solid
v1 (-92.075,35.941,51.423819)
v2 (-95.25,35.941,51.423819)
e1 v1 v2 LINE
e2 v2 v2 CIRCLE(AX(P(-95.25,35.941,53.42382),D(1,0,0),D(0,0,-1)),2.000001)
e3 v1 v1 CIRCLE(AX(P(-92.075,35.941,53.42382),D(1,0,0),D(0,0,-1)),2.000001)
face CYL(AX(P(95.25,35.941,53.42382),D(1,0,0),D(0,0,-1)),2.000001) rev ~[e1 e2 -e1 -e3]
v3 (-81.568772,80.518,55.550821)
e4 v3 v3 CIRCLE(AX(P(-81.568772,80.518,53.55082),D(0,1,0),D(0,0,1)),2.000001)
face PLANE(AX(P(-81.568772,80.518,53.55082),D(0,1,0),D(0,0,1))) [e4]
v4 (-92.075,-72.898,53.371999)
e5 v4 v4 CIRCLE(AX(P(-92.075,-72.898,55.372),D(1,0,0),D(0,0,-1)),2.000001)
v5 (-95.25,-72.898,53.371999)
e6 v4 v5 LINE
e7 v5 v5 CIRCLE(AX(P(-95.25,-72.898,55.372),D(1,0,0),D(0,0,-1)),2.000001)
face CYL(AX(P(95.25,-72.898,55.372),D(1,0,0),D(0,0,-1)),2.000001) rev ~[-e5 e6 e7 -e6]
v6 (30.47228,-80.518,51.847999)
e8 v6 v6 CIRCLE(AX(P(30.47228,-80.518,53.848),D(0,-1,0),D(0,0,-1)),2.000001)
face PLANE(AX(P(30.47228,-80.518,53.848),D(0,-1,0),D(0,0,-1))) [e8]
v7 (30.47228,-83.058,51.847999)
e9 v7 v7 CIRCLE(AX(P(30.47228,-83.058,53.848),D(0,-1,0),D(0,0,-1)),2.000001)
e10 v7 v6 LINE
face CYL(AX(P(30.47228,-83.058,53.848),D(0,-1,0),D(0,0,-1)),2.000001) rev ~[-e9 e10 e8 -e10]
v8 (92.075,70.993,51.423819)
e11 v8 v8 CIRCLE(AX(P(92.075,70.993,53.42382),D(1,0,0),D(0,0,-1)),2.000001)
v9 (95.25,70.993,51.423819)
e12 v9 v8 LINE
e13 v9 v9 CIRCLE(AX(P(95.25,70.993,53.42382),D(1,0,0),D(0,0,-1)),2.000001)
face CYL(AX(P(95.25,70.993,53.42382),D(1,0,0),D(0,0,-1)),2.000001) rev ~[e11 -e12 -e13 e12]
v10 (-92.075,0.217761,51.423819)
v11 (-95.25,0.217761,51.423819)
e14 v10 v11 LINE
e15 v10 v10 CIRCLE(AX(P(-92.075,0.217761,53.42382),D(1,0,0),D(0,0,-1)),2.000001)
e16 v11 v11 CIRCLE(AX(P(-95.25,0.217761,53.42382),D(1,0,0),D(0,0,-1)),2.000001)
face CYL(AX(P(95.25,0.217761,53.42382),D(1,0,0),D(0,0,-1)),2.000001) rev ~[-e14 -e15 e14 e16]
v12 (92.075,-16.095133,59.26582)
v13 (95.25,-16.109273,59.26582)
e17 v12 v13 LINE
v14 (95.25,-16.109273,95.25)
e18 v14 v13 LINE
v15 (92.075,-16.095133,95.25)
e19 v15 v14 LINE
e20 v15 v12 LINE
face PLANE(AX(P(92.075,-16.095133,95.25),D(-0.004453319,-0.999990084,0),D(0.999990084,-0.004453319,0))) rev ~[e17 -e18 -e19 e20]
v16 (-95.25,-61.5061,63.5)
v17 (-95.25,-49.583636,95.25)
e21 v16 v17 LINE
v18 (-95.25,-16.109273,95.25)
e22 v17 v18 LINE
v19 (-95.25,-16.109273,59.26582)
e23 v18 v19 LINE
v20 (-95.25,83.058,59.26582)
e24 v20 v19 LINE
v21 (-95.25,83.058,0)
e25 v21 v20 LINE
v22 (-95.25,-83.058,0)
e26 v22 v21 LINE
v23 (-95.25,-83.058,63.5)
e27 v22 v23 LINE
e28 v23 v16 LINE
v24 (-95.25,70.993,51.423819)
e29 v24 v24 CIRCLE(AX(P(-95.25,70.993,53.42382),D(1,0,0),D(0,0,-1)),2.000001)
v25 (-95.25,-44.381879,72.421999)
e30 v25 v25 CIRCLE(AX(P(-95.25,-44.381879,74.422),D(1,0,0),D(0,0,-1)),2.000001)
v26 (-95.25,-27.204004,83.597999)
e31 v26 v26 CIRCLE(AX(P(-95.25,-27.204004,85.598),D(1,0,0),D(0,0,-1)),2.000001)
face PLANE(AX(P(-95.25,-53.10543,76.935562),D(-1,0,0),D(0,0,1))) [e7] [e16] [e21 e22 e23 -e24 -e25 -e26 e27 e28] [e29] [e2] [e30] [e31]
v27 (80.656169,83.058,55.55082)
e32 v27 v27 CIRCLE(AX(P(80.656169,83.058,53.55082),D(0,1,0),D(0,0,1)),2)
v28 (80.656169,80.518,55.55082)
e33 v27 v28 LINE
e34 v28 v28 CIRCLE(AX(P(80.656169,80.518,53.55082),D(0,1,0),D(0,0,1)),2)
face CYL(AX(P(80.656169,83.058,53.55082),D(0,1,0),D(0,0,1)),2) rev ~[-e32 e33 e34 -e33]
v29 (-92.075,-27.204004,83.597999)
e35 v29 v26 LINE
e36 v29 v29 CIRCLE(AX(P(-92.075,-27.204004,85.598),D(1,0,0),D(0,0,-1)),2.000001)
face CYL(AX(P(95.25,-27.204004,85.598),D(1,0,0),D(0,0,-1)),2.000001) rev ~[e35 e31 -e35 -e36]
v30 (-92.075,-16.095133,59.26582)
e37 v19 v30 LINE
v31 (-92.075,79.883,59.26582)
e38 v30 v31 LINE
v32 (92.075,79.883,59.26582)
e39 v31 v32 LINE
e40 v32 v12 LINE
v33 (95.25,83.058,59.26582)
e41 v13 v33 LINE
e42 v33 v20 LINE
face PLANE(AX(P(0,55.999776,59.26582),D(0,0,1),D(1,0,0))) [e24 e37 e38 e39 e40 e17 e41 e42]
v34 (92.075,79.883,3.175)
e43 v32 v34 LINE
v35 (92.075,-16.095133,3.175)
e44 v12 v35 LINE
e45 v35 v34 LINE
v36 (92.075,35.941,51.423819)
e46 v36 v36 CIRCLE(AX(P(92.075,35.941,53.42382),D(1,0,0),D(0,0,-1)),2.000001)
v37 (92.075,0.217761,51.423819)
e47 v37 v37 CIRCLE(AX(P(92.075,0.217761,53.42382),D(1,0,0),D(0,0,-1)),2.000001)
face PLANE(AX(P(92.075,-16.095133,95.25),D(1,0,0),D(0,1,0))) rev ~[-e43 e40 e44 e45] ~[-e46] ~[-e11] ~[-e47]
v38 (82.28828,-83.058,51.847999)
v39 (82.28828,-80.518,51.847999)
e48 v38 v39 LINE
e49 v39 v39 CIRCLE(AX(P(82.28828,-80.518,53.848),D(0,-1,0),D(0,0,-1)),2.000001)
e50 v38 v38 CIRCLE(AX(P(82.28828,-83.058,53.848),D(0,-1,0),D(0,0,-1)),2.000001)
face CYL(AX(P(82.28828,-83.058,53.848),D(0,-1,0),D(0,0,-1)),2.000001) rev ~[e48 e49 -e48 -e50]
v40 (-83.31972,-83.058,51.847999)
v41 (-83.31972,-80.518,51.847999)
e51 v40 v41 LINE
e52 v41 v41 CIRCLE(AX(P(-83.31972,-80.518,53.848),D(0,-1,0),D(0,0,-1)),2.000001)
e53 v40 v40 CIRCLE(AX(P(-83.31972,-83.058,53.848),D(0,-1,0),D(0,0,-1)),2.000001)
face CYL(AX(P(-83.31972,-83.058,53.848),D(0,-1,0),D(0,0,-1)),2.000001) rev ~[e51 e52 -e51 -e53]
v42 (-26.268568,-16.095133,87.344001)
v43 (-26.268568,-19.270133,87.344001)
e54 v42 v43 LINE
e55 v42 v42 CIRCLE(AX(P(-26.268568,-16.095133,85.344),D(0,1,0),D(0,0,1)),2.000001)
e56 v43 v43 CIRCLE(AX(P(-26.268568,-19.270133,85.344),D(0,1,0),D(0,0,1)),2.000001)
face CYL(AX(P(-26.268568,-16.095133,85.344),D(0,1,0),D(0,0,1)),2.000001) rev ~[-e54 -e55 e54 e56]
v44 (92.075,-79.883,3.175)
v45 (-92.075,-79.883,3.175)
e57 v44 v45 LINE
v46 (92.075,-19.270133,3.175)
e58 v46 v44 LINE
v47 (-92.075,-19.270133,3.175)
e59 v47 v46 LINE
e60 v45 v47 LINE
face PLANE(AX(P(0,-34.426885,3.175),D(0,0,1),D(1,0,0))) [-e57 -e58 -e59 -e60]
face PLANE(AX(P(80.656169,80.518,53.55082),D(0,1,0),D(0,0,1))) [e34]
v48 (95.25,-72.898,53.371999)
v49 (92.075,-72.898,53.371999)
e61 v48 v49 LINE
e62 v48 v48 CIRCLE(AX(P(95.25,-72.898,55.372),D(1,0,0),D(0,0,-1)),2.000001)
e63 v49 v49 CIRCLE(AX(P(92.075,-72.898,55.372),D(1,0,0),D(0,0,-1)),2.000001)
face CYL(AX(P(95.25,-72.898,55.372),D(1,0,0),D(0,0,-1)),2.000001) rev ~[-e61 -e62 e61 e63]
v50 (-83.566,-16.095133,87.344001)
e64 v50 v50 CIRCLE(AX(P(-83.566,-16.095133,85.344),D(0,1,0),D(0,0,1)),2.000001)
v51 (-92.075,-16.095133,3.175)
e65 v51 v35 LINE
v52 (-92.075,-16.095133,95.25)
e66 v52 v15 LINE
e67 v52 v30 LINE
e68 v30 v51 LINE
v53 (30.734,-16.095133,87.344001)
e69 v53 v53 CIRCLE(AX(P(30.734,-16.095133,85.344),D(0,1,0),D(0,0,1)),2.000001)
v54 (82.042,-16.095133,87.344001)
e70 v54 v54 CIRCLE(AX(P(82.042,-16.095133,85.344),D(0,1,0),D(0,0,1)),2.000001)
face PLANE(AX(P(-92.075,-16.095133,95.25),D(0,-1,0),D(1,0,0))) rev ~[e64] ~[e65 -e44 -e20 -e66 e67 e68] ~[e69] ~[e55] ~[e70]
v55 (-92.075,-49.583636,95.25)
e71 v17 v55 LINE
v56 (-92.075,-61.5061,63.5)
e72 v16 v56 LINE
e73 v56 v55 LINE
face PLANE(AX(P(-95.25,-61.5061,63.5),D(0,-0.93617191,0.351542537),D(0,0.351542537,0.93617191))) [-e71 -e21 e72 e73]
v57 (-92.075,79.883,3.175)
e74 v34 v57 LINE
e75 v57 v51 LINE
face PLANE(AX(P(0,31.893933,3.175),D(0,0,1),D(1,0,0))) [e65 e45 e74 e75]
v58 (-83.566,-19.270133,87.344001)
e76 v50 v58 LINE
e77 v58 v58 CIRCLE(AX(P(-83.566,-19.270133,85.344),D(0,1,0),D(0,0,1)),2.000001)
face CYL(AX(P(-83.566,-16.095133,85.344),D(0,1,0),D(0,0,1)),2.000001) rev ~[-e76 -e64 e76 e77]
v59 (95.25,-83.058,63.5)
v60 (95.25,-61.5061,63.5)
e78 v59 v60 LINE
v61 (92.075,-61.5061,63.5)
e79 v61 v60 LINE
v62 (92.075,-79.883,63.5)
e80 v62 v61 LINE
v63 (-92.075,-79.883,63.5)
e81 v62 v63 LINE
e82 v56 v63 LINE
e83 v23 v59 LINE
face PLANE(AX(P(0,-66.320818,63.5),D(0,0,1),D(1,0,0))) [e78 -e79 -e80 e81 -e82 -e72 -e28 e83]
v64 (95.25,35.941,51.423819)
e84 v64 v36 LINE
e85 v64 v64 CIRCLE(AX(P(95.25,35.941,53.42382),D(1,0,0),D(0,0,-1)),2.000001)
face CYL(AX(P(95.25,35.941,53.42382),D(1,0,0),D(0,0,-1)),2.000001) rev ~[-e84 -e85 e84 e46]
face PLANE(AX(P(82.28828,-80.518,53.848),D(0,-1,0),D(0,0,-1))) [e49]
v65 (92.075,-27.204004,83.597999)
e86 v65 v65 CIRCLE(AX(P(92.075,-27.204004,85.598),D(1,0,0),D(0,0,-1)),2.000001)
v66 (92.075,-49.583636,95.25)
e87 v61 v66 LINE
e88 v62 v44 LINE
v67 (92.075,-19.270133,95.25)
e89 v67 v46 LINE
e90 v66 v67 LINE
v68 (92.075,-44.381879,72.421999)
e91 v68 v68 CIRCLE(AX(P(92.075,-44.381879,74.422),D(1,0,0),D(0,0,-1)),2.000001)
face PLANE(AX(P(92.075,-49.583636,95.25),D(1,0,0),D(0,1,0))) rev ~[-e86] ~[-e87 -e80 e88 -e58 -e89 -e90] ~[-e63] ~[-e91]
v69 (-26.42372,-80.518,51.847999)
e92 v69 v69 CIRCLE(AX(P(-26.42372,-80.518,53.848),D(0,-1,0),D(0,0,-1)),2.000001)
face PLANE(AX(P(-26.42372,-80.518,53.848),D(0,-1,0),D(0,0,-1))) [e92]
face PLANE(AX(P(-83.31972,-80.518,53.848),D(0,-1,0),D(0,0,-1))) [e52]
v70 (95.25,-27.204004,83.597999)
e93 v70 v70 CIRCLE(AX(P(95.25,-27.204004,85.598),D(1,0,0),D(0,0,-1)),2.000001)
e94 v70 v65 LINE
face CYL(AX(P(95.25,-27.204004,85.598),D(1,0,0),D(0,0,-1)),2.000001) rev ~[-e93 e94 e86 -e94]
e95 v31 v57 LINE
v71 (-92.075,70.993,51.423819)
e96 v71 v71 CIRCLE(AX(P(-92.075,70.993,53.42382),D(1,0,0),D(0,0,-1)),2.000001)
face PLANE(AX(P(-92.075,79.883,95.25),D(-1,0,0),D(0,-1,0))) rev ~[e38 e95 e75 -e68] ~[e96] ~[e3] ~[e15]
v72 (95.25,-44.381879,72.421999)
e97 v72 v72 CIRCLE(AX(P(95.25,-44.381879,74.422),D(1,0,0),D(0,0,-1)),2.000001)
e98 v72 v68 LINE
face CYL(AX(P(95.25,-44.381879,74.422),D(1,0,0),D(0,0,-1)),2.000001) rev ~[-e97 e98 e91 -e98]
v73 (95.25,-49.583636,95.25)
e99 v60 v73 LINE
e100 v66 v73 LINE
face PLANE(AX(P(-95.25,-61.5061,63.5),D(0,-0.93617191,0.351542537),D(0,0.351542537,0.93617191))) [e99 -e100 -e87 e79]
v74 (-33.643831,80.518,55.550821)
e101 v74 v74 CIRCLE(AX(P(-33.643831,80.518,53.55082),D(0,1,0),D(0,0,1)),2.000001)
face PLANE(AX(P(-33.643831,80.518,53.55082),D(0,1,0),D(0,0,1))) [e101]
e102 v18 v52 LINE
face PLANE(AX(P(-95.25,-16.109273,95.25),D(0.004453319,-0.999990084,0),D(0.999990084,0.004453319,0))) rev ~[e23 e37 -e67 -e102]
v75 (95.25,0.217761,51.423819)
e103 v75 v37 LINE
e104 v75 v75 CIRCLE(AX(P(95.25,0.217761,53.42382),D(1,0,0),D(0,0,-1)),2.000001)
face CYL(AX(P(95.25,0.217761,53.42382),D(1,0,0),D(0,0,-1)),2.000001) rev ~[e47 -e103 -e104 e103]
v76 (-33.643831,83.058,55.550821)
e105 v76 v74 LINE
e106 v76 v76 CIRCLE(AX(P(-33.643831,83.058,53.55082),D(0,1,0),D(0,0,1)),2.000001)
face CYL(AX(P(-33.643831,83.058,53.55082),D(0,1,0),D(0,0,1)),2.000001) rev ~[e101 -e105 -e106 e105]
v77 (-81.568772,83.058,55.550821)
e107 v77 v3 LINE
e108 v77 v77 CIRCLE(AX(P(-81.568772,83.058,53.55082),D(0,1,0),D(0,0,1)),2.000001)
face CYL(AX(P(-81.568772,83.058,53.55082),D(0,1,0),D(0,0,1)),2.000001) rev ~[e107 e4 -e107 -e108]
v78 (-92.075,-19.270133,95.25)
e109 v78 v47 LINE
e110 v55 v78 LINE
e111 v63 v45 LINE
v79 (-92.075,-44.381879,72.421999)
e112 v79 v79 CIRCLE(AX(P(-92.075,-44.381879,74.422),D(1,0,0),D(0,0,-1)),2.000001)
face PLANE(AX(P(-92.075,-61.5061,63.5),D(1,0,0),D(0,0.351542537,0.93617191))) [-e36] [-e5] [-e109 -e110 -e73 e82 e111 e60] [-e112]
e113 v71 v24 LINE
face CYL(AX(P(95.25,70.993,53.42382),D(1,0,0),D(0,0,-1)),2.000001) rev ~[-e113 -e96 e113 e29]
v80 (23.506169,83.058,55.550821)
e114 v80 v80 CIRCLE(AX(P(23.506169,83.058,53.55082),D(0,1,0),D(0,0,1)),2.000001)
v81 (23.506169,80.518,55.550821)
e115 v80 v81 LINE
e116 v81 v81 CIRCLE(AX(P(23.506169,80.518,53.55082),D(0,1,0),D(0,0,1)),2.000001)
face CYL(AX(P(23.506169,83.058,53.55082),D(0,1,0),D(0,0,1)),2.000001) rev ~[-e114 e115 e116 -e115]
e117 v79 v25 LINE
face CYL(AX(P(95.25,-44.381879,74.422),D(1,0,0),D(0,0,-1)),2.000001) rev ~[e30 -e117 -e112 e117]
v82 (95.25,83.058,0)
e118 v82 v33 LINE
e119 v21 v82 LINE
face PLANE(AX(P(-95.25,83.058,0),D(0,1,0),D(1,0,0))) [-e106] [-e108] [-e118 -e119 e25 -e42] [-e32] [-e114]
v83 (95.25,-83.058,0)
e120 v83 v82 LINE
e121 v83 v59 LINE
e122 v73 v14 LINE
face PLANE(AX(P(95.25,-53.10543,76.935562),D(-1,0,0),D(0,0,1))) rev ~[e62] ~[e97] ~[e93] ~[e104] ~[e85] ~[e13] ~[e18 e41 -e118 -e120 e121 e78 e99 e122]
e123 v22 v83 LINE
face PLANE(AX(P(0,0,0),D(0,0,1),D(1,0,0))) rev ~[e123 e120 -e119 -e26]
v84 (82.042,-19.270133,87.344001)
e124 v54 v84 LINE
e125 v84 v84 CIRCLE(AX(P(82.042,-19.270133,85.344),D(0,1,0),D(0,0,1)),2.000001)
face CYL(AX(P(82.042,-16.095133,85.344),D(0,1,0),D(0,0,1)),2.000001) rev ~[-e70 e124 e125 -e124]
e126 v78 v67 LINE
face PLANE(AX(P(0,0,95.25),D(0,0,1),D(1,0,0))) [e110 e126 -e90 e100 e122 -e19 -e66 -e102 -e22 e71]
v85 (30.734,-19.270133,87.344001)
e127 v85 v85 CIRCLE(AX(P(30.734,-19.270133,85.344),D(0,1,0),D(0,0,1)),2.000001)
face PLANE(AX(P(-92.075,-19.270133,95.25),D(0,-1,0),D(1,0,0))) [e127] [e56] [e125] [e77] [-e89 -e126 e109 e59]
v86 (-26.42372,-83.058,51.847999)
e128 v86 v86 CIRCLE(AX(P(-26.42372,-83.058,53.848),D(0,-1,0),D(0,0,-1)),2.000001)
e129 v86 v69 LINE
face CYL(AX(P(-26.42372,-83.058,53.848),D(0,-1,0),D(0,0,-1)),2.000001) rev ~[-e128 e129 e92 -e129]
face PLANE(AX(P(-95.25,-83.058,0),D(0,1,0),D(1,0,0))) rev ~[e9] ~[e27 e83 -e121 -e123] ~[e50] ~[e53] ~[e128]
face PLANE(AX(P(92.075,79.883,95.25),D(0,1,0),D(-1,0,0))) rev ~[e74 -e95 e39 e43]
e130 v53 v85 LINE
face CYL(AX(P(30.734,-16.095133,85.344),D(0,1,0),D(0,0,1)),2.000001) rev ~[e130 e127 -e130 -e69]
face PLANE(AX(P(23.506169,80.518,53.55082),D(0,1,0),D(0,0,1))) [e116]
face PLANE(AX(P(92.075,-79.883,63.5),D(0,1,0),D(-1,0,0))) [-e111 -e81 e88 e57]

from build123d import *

# Parameters (mm, degrees)
SKETCH1_W           = 190.5
SKETCH1_H           = 166.116
BOSS_EXTRUDE1_DEPTH = 95.25
CUT_EXTRUDE1_DEPTH  = 92.075
CUT_EXTRUDE5_DEPTH  = 35.98418
SKETCH17_W          = 190.5
SKETCH17_H          = 33.474363619
CUT_EXTRUDE6_DEPTH  = 31.75
BOSS_EXTRUDE8_DEPTH = 190.5
SKETCH19_W          = 184.15
SKETCH19_H          = 30.313503047
CUT_EXTRUDE7_DEPTH  = 92.075
SKETCH20_W          = 184.15
SKETCH20_H          = 33.914711244
CUT_EXTRUDE8_DEPTH  = 13.175
CUT_EXTRUDE9_DEPTH  = 60.325
SKETCH23_R          = 2.00000108
CUT_EXTRUDE10_DEPTH = 2.54
SKETCH24_R          = 2
SKETCH24_R_2        = 2.00000108
CUT_EXTRUDE11_DEPTH = 2.54
SKETCH25_R          = 2.00000108
CUT_EXTRUDE12_DEPTH = 229.607619873
SKETCH27_R          = 2.00000108
CUT_EXTRUDE13_DEPTH = 3.175
SKETCH28_R          = 2.00000108
CUT_EXTRUDE15_DEPTH = 229.607619873


with BuildPart() as part:
    # Sketch1 → Boss-Extrude1 (new body)
    with BuildSketch(Plane.XY):
        Rectangle(SKETCH1_W, SKETCH1_H)
    extrude(amount=BOSS_EXTRUDE1_DEPTH)

    # Sketch3 → Cut-Extrude1 (cut)
    with BuildSketch(Plane.XY.offset(95.25)):
        Polygon((-92.075, 79.883), (-92.075, 32.891702926), (-92.075, -16.095133334), (92.075, -16.095133334), (92.075, 48.662739539), (92.075, 79.883), (83.88326961, 79.883), (-81.085829842, 79.883), align=None)
    extrude(amount=-CUT_EXTRUDE1_DEPTH, mode=Mode.SUBTRACT)

    # Sketch15 → Cut-Extrude5 (cut)
    with BuildSketch(Plane.XY.offset(95.25)):
        Polygon((95.25, -16.109272762), (95.25, 83.058), (-95.25, 83.058), (-95.25, -16.109272762), (-92.075, -16.095133334), (-92.075, 79.883), (92.075, 79.883), (92.075, -16.095133334), align=None)
    extrude(amount=-CUT_EXTRUDE5_DEPTH, mode=Mode.SUBTRACT)

    # Sketch17 → Cut-Extrude6 (cut)
    with BuildSketch(Plane.XY.offset(95.25)):
        with Locations((0, -66.320818191)):
            Rectangle(SKETCH17_W, SKETCH17_H)
    extrude(amount=-CUT_EXTRUDE6_DEPTH, mode=Mode.SUBTRACT)

    # Sketch18 → Boss-Extrude8 (add)
    with BuildSketch(Plane.ZY.offset(95.25)):
        Polygon((63.5, -49.583636381), (63.5, -61.506100001), (95.25, -49.583636381), align=None)
    extrude(amount=-BOSS_EXTRUDE8_DEPTH)

    # Sketch19 → Cut-Extrude7 (cut)
    with BuildSketch(Plane.XY.offset(95.25)):
        with Locations((0, -34.426884857)):
            Rectangle(SKETCH19_W, SKETCH19_H)
    extrude(amount=-CUT_EXTRUDE7_DEPTH, mode=Mode.SUBTRACT)

    # Sketch20 → Cut-Extrude8 (cut)
    with BuildSketch(Plane(origin=(0, -74.803163357, 28.08938563), x_dir=(1, 0, 0), z_dir=(0, -0.9361719099317519, 0.3515425366221503))):
        with Locations((0, 54.782261491)):
            Rectangle(SKETCH20_W, SKETCH20_H)
    extrude(amount=-CUT_EXTRUDE8_DEPTH, mode=Mode.SUBTRACT)

    # Sketch21 → Cut-Extrude9 (cut)
    with BuildSketch(Plane.XY.offset(63.5)):
        Polygon((-92.075, -61.506100001), (-92.075, -49.583636381), (92.075, -49.583636381), (92.075, -61.506100001), (92.075, -79.883), (-92.075, -79.883), align=None)
    extrude(amount=-CUT_EXTRUDE9_DEPTH, mode=Mode.SUBTRACT)

    # Sketch23 → Cut-Extrude10 (cut)
    with BuildSketch(Plane.XZ.offset(83.058)):
        with Locations(Location((-83.319719804, 53.848, 0), (0, 0, 270))):
            Circle(SKETCH23_R)
        with Locations(Location((-26.423719804, 53.848, 0), (0, 0, 270))):
            Circle(SKETCH23_R)
        with Locations(Location((30.472280196, 53.848, 0), (0, 0, 270))):
            Circle(SKETCH23_R)
        with Locations(Location((82.288280196, 53.848, 0), (0, 0, 270))):
            Circle(SKETCH23_R)
    extrude(amount=-CUT_EXTRUDE10_DEPTH, mode=Mode.SUBTRACT)

    # Sketch24 → Cut-Extrude11 (cut)
    with BuildSketch(Plane(origin=(0, 83.058, 0), x_dir=(1, 0, 0), z_dir=(0, 1, 0))):
        with Locations(Location((80.65616897, -53.55082, 0), (0, 0, 270))):
            Circle(SKETCH24_R)
        with Locations(Location((23.50616897, -53.55082, 0), (0, 0, 270))):
            Circle(SKETCH24_R_2)
        with Locations(Location((-33.64383103, -53.55082, 0), (0, 0, 270))):
            Circle(SKETCH24_R_2)
        with Locations(Location((-81.568772043, -53.55082, 0), (0, 0, 270))):
            Circle(SKETCH24_R_2)
    extrude(amount=-CUT_EXTRUDE11_DEPTH, mode=Mode.SUBTRACT)

    # Sketch25 → Cut-Extrude12 (cut, through all)
    with BuildSketch(Plane(origin=(95.25, 0, 0), x_dir=(0, 0, -1), z_dir=(1, 0, 0))):
        with Locations((-53.42382, 70.993)):
            Circle(SKETCH25_R)
        with Locations((-53.42382, 35.941)):
            Circle(SKETCH25_R)
        with Locations((-53.42382, 0.217760577)):
            Circle(SKETCH25_R)
    extrude(amount=-CUT_EXTRUDE12_DEPTH, mode=Mode.SUBTRACT)

    # Sketch27 → Cut-Extrude13 (cut)
    with BuildSketch(Plane(origin=(0, -16.095133334, 0), x_dir=(1, 0, 0), z_dir=(0, 1, 0))):
        with Locations(Location((82.042, -85.344, 0), (0, 0, 270))):
            Circle(SKETCH27_R)
        with Locations(Location((30.734, -85.344, 0), (0, 0, 270))):
            Circle(SKETCH27_R)
        with Locations(Location((-26.268567804, -85.344, 0), (0, 0, 270))):
            Circle(SKETCH27_R)
        with Locations(Location((-83.566, -85.344, 0), (0, 0, 270))):
            Circle(SKETCH27_R)
    extrude(amount=-CUT_EXTRUDE13_DEPTH, mode=Mode.SUBTRACT)

    # Sketch28 → Cut-Extrude15 (cut, through all)
    with BuildSketch(Plane(origin=(95.25, 0, 0), x_dir=(0, 0, -1), z_dir=(1, 0, 0))):
        with Locations((-55.372, -72.898)):
            Circle(SKETCH28_R)
        with Locations((-74.422, -44.381878841)):
            Circle(SKETCH28_R)
        with Locations((-85.598, -27.204003713)):
            Circle(SKETCH28_R)
    extrude(amount=-CUT_EXTRUDE15_DEPTH, mode=Mode.SUBTRACT)


solid = part.part
